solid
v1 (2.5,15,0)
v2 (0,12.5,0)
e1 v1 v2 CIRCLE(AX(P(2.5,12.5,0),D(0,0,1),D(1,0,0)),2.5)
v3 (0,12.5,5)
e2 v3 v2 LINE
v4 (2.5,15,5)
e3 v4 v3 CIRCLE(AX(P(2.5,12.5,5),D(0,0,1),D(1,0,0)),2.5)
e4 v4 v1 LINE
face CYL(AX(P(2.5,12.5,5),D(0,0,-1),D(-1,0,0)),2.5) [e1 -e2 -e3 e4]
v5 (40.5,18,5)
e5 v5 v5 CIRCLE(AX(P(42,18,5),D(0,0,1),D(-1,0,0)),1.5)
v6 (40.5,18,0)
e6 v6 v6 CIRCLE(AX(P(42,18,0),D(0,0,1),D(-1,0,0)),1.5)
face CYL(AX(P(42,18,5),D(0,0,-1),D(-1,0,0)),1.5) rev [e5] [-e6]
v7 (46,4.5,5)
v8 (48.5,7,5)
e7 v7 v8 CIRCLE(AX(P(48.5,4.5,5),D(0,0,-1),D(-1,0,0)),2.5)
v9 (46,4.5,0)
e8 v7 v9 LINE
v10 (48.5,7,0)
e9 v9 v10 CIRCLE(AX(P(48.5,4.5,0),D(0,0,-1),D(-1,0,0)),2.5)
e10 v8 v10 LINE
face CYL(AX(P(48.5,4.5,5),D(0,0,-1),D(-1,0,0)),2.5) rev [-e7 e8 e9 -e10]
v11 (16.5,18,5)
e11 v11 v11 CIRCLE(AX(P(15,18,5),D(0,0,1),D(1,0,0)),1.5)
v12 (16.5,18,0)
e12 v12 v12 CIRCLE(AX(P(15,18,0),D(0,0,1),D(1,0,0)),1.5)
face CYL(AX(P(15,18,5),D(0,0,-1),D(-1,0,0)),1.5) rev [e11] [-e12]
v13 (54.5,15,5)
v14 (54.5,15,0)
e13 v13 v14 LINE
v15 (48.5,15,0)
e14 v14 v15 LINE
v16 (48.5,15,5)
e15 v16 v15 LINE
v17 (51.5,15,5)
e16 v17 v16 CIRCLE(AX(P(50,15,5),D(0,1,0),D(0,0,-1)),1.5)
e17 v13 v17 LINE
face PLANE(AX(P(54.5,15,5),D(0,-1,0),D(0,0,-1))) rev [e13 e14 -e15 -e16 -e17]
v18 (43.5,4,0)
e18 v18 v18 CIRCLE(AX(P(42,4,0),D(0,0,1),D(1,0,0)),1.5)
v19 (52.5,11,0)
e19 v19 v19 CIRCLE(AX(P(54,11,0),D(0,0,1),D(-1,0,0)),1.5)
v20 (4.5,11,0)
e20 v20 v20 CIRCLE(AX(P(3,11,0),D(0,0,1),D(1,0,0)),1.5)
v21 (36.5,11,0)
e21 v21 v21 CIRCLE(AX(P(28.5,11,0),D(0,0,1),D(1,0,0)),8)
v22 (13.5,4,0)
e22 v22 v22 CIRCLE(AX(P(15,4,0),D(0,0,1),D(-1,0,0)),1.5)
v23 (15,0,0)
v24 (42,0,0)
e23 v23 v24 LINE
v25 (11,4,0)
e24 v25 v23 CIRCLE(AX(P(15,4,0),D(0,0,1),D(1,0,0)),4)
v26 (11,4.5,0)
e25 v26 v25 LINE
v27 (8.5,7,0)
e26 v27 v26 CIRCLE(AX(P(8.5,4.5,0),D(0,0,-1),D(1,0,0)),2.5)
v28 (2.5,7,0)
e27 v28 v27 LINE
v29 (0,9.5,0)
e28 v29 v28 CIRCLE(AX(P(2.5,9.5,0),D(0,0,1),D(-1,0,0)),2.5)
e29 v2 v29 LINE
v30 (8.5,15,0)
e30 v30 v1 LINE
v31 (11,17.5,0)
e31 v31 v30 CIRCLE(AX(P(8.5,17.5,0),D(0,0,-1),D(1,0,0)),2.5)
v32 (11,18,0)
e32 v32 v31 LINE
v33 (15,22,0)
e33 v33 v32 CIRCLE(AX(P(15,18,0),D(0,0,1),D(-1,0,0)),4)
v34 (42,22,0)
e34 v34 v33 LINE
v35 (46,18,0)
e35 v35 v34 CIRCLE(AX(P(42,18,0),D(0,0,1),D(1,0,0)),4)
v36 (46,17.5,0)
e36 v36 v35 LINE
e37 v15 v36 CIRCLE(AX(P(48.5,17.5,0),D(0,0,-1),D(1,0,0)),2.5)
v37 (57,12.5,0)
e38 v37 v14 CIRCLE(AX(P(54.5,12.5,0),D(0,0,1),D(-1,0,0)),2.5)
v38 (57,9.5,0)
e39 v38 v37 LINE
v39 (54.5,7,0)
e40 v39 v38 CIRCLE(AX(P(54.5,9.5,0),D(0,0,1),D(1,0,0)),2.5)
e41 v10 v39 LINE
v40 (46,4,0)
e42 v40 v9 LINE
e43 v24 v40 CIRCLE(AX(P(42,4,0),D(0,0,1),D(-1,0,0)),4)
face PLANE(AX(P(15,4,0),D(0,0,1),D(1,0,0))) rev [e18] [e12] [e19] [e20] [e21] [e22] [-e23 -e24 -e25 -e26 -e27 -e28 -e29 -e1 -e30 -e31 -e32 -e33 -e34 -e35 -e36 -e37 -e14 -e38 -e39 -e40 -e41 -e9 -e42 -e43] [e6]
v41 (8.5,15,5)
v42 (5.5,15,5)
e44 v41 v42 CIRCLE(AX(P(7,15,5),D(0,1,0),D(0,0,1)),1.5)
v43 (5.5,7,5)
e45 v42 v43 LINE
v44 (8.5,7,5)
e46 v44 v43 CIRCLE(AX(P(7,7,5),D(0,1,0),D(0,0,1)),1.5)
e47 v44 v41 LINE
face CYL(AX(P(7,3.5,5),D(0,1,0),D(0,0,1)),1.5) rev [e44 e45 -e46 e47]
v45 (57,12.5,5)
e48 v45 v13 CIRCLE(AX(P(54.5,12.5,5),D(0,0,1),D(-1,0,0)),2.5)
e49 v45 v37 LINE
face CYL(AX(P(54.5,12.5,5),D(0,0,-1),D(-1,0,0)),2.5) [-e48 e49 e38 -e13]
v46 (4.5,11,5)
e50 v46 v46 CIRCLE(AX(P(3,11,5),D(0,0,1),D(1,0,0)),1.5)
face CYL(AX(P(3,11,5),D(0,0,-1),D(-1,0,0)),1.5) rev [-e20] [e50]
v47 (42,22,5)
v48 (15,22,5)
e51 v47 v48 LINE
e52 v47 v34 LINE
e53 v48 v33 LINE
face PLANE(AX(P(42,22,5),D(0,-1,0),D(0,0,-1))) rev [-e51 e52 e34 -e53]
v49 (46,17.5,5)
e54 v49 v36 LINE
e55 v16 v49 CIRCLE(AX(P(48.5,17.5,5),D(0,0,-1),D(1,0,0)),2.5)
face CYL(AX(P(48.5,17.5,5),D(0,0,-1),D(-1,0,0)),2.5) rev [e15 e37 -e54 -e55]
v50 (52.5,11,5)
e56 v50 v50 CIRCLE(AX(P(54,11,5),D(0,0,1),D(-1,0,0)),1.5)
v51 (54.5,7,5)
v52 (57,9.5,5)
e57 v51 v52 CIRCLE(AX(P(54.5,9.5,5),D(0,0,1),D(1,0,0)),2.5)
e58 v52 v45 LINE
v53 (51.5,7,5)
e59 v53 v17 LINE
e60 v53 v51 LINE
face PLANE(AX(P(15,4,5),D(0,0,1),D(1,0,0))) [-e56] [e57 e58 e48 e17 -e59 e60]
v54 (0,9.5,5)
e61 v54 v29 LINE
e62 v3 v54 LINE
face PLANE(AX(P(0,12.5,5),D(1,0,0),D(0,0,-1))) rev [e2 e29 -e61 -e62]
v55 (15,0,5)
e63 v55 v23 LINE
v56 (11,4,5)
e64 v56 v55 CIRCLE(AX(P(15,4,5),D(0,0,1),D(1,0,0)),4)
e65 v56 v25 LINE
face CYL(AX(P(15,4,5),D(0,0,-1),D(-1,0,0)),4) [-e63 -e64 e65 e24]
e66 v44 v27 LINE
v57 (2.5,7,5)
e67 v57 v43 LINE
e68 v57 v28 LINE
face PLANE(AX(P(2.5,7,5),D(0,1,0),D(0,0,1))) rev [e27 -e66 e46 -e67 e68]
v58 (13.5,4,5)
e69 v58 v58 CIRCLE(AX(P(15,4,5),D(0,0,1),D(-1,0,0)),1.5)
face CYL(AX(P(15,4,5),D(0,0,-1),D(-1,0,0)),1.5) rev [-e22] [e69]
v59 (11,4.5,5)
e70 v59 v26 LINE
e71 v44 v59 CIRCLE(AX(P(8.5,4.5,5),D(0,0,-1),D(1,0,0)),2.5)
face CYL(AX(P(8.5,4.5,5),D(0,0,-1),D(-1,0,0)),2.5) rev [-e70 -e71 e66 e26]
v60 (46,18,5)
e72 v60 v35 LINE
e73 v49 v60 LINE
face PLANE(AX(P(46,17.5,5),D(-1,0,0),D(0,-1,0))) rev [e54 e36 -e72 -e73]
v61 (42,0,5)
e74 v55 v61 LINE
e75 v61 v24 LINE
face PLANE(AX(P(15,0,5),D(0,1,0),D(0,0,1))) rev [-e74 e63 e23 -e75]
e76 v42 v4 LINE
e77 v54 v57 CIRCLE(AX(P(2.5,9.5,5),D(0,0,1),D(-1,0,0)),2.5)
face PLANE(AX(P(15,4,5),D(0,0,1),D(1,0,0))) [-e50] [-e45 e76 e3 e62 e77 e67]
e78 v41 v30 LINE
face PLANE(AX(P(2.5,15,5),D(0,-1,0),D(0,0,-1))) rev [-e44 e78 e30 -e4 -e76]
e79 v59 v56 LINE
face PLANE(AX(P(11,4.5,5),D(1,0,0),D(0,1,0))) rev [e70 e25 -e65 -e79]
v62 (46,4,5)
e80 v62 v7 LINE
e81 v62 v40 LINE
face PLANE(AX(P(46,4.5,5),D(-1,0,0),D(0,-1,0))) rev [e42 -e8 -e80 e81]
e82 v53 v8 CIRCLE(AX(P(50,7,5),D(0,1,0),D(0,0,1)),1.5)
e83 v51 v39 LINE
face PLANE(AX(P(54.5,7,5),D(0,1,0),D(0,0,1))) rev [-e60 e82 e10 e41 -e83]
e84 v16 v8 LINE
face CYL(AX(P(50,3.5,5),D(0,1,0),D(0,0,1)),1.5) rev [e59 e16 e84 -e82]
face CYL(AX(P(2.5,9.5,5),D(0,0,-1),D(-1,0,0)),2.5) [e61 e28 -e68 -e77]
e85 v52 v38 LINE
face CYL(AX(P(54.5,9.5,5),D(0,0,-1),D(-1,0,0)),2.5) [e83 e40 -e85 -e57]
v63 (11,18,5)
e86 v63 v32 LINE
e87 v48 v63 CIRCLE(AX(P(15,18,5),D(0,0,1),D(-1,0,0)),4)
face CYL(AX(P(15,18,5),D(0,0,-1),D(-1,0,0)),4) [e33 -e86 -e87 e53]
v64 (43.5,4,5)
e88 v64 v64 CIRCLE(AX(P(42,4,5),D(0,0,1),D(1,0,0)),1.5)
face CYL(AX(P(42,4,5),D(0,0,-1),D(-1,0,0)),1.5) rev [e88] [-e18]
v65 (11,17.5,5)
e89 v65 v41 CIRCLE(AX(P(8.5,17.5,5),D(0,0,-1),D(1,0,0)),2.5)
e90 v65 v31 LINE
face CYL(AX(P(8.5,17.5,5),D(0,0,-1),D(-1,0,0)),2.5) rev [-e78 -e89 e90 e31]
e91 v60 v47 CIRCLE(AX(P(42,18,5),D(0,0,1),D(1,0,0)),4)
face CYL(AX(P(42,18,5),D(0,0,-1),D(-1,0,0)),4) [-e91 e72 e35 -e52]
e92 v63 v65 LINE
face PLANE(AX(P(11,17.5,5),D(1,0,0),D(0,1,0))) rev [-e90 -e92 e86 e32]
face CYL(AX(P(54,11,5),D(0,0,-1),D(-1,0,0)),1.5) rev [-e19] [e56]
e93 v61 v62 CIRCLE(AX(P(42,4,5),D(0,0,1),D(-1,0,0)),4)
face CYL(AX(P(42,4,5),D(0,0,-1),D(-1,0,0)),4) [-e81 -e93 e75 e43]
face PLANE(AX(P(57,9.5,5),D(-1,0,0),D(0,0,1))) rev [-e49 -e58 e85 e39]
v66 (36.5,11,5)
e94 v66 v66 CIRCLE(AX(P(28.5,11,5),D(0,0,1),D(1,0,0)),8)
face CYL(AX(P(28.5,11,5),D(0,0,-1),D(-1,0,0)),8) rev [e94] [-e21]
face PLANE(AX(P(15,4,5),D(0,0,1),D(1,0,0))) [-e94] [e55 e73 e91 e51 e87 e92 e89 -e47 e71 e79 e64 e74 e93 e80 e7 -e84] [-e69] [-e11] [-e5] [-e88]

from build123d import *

# Parameters (mm, degrees)
SKETCH_1_R          = 8
SKETCH_1_R_2        = 1.5
EXTRUDE_1_DEPTH     = 5
SKETCH_2_R          = 1.5
CUT_EXTRUDE_1_DEPTH = 11.5


with BuildPart() as part:
    # 草图1 → 凸台-拉伸1 (new body)
    with BuildSketch(Plane.XY):
        with BuildLine():
            Line((2.5, 15), (8.5, 15))
            ThreePointArc((8.5, 15), (10.267766953, 15.732233047), (11, 17.5))
            Line((11, 17.5), (11, 18))
            ThreePointArc((11, 18), (12.171572875, 20.828427125), (15, 22))
            Line((15, 22), (42, 22))
            ThreePointArc((42, 22), (44.828427125, 20.828427125), (46, 18))
            Line((46, 18), (46, 17.5))
            ThreePointArc((46, 17.5), (46.732233047, 15.732233047), (48.5, 15))
            Line((48.5, 15), (54.5, 15))
            ThreePointArc((54.5, 15), (56.267766953, 14.267766953), (57, 12.5))
            Line((57, 12.5), (57, 9.5))
            ThreePointArc((57, 9.5), (56.267766953, 7.732233047), (54.5, 7))
            Line((54.5, 7), (48.5, 7))
            ThreePointArc((48.5, 7), (46.732233047, 6.267766953), (46, 4.5))
            Line((46, 4.5), (46, 4))
            ThreePointArc((46, 4), (44.828427125, 1.171572875), (42, 0))
            Line((42, 0), (15, 0))
            ThreePointArc((15, 0), (12.171572875, 1.171572875), (11, 4))
            Line((11, 4), (11, 4.5))
            ThreePointArc((11, 4.5), (10.267766953, 6.267766953), (8.5, 7))
            Line((8.5, 7), (2.5, 7))
            ThreePointArc((2.5, 7), (0.732233047, 7.732233047), (0, 9.5))
            Line((0, 9.5), (0, 12.5))
            ThreePointArc((0, 12.5), (0.732233047, 14.267766953), (2.5, 15))
        make_face()
        with Locations((28.5, 11)):
            Circle(SKETCH_1_R, mode=Mode.SUBTRACT)
        with Locations((15, 18)):
            Circle(SKETCH_1_R_2, mode=Mode.SUBTRACT)
        with Locations(Location((15, 4, 0), (0, 0, 180))):
            Circle(SKETCH_1_R_2, mode=Mode.SUBTRACT)
        with Locations(Location((42, 18, 0), (0, 0, 180))):
            Circle(SKETCH_1_R_2, mode=Mode.SUBTRACT)
        with Locations((42, 4)):
            Circle(SKETCH_1_R_2, mode=Mode.SUBTRACT)
        with Locations((3, 11)):
            Circle(SKETCH_1_R_2, mode=Mode.SUBTRACT)
        with Locations(Location((54, 11, 0), (0, 0, 180))):
            Circle(SKETCH_1_R_2, mode=Mode.SUBTRACT)
    extrude(amount=EXTRUDE_1_DEPTH)

    # 草图2 → 切除-拉伸1 (cut)
    with BuildSketch(Plane(origin=(0, 15, 0), x_dir=(1, 0, 0), z_dir=(0, 1, 0))):
        with Locations((7, -5)):
            Circle(SKETCH_2_R)
        with Locations((50, -5)):
            Circle(SKETCH_2_R)
    extrude(amount=-CUT_EXTRUDE_1_DEPTH, mode=Mode.SUBTRACT)


solid = part.part
